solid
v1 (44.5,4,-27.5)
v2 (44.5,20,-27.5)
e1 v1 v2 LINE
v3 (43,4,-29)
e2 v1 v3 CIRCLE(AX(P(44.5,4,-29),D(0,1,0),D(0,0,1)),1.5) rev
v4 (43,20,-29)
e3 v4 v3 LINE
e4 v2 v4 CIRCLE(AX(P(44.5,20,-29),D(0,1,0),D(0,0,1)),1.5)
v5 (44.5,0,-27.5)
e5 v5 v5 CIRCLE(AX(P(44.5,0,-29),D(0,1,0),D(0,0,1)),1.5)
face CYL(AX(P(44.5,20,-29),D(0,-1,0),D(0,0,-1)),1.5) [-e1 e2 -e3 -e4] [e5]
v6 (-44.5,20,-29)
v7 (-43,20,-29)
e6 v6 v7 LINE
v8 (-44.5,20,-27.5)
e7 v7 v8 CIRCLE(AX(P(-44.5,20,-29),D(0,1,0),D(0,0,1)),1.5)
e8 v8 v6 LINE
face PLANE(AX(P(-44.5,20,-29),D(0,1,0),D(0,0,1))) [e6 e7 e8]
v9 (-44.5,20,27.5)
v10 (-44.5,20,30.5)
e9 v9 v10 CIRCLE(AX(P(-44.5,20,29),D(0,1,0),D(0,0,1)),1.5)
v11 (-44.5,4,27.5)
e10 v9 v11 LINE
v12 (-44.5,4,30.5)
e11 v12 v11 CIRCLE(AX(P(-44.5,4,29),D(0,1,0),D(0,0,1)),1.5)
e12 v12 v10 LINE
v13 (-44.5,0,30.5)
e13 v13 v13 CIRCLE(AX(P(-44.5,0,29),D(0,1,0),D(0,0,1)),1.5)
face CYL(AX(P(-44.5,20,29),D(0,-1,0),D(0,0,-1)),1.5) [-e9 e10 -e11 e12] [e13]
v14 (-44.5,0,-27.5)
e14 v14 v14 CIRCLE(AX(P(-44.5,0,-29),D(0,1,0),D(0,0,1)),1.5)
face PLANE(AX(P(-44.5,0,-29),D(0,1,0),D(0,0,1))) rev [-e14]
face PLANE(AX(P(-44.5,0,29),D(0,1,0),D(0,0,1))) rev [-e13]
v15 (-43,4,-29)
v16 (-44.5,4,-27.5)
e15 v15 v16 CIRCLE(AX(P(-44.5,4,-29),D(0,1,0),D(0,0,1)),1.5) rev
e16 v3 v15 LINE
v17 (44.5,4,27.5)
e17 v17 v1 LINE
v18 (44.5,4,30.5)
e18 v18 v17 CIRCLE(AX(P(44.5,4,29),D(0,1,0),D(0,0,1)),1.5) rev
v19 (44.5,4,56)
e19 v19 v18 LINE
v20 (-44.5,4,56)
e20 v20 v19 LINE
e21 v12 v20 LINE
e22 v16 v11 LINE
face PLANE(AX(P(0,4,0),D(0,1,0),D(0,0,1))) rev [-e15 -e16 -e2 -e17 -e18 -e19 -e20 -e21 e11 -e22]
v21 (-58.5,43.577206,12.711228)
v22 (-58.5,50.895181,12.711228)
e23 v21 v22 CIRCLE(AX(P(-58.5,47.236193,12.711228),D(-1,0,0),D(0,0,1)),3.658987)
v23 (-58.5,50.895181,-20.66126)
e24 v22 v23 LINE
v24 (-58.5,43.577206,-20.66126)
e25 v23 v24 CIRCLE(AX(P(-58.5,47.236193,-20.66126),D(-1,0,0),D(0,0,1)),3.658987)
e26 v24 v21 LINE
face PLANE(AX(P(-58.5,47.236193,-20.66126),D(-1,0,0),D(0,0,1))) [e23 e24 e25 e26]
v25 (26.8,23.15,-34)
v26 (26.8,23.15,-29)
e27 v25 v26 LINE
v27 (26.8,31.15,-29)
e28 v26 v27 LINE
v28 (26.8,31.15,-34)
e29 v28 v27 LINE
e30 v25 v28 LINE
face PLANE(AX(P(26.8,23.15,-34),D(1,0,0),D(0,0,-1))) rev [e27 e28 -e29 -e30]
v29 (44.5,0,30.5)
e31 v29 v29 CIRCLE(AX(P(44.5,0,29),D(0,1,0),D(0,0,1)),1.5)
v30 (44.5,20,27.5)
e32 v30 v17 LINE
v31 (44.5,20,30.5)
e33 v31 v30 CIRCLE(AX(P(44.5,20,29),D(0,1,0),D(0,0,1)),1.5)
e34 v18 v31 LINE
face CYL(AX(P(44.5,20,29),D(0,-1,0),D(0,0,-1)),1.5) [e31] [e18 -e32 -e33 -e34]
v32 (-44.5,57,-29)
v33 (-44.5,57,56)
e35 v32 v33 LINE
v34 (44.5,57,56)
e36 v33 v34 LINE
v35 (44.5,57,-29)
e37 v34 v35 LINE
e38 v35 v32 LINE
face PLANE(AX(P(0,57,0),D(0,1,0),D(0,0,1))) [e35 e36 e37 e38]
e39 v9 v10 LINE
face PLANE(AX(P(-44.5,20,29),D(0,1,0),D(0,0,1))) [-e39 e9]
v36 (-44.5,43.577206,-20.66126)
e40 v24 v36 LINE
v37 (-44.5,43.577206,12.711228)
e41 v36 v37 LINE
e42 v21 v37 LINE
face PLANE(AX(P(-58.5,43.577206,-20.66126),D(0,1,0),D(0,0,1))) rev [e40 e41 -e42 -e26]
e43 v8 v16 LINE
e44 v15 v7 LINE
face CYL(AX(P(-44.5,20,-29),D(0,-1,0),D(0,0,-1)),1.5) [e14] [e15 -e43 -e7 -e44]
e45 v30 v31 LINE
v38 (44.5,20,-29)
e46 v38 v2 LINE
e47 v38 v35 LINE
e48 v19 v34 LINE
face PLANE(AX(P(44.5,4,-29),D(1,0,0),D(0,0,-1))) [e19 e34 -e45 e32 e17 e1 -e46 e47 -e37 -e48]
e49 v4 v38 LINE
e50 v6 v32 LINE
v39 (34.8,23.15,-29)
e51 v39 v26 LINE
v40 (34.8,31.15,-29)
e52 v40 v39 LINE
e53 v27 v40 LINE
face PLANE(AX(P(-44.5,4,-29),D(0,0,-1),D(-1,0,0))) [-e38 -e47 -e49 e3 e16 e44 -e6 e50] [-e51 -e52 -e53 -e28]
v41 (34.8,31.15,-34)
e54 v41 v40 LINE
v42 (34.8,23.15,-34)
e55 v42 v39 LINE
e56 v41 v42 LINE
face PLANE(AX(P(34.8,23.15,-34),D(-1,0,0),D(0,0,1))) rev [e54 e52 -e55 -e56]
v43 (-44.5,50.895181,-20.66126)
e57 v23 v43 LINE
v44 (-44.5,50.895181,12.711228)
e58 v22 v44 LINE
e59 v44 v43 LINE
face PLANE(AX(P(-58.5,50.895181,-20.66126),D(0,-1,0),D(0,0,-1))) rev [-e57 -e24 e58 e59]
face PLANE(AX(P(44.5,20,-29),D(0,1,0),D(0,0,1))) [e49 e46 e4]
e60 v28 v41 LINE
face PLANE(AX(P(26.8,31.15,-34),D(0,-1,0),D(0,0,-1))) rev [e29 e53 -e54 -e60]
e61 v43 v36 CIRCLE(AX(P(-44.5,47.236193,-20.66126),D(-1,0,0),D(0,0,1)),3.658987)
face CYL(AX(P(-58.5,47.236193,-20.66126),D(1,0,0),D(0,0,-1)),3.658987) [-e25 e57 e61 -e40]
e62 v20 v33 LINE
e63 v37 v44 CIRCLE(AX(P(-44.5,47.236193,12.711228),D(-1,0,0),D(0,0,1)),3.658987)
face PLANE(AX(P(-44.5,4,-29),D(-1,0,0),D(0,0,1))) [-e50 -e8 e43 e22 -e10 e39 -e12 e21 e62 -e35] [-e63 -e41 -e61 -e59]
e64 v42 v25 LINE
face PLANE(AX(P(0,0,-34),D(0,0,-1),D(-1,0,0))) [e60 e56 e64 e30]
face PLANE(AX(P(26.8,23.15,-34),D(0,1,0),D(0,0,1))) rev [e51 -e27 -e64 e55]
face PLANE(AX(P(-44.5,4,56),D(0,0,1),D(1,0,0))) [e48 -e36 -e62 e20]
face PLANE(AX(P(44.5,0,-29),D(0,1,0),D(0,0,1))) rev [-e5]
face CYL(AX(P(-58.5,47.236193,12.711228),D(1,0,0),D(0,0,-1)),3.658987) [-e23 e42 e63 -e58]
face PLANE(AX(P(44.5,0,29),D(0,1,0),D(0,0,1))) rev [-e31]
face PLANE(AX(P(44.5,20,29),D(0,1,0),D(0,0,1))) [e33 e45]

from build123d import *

# Parameters (mm, degrees)
SKETCH2_R                = 1.5
BOSS_EXTRUDE1_DEPTH      = 20
BOSS_EXTRUDE1_2_DEPTH    = 20
BOSS_EXTRUDE1_3_DEPTH    = 20
BOSS_EXTRUDE1_4_DEPTH    = 20
BOSS_EXTRUDE2_DEPTH      = 37
BOSS_EXTRUDE2_DEPTH_BACK = 16
SKETCH3_W                = 89
SKETCH3_H                = 85
BOSS_EXTRUDE5_DEPTH      = 14
SKETCH8_W                = 8
SKETCH8_H                = 8
BOSS_EXTRUDE6_DEPTH      = 5


with BuildPart() as part:
    # Sketch2 → Boss-Extrude1 (new body)
    with BuildSketch(Plane(origin=(0, 0, 0), x_dir=(1, 0, 0), z_dir=(0, 1, 0))):
        with Locations(Location((-44.5, 29, 0), (0, 0, 270))):
            Circle(SKETCH2_R)
    extrude(amount=BOSS_EXTRUDE1_DEPTH)



with BuildPart() as body_2:
    # Sketch2 → Boss-Extrude1 2 (new body)
    with BuildSketch(Plane(origin=(0, 0, 0), x_dir=(1, 0, 0), z_dir=(0, 1, 0))):
        with Locations(Location((44.5, 29, 0), (0, 0, 270))):
            Circle(SKETCH2_R)
    extrude(amount=BOSS_EXTRUDE1_2_DEPTH)


with BuildPart() as body_3:
    # Sketch2 → Boss-Extrude1 3 (new body)
    with BuildSketch(Plane(origin=(0, 0, 0), x_dir=(1, 0, 0), z_dir=(0, 1, 0))):
        with Locations(Location((-44.5, -29, 0), (0, 0, 270))):
            Circle(SKETCH2_R)
    extrude(amount=BOSS_EXTRUDE1_3_DEPTH)


with BuildPart() as body_4:
    # Sketch2 → Boss-Extrude1 4 (new body)
    with BuildSketch(Plane(origin=(0, 0, 0), x_dir=(1, 0, 0), z_dir=(0, 1, 0))):
        with Locations(Location((44.5, -29, 0), (0, 0, 270))):
            Circle(SKETCH2_R)
    extrude(amount=BOSS_EXTRUDE1_4_DEPTH)


with BuildPart() as part_1:
    add(part.part)

    add(body_2.part)  # Boss-Extrude2 merges body 2

    add(body_3.part)  # Boss-Extrude2 merges body 3

    add(body_4.part)  # Boss-Extrude2 merges body 4
    # Sketch3 → Boss-Extrude2 (add, two sides: drawn at the far end of the back side and taken through both)
    with BuildSketch(Plane(origin=(0, 20, 0), x_dir=(1, 0, 0), z_dir=(0, 1, 0)).offset(-BOSS_EXTRUDE2_DEPTH_BACK)):
        with Locations((0, -13.5)):
            Rectangle(SKETCH3_W, SKETCH3_H)
    extrude(amount=BOSS_EXTRUDE2_DEPTH + BOSS_EXTRUDE2_DEPTH_BACK)

    # Sketch7 → Boss-Extrude5 (add)
    with BuildSketch(Plane.ZY.offset(44.5)):
        with BuildLine():
            Line((-20.661260067, 50.895180513), (12.711227635, 50.895180513))
            ThreePointArc((12.711227635, 50.895180513), (16.370214945, 47.236193203), (12.711227635, 43.577205894))
            Line((12.711227635, 43.577205894), (-20.661260067, 43.577205894))
            ThreePointArc((-20.661260067, 43.577205894), (-24.320247376, 47.236193203), (-20.661260067, 50.895180513))
        make_face()
    extrude(amount=BOSS_EXTRUDE5_DEPTH)

    # Sketch8 → Boss-Extrude6 (add)
    with BuildSketch(Plane(origin=(0, 0, -29), x_dir=(-1, 0, 0), z_dir=(0, 0, -1))):
        with Locations((-30.8, 27.15)):
            Rectangle(SKETCH8_W, SKETCH8_H)
    extrude(amount=BOSS_EXTRUDE6_DEPTH)


solid = part_1.part
